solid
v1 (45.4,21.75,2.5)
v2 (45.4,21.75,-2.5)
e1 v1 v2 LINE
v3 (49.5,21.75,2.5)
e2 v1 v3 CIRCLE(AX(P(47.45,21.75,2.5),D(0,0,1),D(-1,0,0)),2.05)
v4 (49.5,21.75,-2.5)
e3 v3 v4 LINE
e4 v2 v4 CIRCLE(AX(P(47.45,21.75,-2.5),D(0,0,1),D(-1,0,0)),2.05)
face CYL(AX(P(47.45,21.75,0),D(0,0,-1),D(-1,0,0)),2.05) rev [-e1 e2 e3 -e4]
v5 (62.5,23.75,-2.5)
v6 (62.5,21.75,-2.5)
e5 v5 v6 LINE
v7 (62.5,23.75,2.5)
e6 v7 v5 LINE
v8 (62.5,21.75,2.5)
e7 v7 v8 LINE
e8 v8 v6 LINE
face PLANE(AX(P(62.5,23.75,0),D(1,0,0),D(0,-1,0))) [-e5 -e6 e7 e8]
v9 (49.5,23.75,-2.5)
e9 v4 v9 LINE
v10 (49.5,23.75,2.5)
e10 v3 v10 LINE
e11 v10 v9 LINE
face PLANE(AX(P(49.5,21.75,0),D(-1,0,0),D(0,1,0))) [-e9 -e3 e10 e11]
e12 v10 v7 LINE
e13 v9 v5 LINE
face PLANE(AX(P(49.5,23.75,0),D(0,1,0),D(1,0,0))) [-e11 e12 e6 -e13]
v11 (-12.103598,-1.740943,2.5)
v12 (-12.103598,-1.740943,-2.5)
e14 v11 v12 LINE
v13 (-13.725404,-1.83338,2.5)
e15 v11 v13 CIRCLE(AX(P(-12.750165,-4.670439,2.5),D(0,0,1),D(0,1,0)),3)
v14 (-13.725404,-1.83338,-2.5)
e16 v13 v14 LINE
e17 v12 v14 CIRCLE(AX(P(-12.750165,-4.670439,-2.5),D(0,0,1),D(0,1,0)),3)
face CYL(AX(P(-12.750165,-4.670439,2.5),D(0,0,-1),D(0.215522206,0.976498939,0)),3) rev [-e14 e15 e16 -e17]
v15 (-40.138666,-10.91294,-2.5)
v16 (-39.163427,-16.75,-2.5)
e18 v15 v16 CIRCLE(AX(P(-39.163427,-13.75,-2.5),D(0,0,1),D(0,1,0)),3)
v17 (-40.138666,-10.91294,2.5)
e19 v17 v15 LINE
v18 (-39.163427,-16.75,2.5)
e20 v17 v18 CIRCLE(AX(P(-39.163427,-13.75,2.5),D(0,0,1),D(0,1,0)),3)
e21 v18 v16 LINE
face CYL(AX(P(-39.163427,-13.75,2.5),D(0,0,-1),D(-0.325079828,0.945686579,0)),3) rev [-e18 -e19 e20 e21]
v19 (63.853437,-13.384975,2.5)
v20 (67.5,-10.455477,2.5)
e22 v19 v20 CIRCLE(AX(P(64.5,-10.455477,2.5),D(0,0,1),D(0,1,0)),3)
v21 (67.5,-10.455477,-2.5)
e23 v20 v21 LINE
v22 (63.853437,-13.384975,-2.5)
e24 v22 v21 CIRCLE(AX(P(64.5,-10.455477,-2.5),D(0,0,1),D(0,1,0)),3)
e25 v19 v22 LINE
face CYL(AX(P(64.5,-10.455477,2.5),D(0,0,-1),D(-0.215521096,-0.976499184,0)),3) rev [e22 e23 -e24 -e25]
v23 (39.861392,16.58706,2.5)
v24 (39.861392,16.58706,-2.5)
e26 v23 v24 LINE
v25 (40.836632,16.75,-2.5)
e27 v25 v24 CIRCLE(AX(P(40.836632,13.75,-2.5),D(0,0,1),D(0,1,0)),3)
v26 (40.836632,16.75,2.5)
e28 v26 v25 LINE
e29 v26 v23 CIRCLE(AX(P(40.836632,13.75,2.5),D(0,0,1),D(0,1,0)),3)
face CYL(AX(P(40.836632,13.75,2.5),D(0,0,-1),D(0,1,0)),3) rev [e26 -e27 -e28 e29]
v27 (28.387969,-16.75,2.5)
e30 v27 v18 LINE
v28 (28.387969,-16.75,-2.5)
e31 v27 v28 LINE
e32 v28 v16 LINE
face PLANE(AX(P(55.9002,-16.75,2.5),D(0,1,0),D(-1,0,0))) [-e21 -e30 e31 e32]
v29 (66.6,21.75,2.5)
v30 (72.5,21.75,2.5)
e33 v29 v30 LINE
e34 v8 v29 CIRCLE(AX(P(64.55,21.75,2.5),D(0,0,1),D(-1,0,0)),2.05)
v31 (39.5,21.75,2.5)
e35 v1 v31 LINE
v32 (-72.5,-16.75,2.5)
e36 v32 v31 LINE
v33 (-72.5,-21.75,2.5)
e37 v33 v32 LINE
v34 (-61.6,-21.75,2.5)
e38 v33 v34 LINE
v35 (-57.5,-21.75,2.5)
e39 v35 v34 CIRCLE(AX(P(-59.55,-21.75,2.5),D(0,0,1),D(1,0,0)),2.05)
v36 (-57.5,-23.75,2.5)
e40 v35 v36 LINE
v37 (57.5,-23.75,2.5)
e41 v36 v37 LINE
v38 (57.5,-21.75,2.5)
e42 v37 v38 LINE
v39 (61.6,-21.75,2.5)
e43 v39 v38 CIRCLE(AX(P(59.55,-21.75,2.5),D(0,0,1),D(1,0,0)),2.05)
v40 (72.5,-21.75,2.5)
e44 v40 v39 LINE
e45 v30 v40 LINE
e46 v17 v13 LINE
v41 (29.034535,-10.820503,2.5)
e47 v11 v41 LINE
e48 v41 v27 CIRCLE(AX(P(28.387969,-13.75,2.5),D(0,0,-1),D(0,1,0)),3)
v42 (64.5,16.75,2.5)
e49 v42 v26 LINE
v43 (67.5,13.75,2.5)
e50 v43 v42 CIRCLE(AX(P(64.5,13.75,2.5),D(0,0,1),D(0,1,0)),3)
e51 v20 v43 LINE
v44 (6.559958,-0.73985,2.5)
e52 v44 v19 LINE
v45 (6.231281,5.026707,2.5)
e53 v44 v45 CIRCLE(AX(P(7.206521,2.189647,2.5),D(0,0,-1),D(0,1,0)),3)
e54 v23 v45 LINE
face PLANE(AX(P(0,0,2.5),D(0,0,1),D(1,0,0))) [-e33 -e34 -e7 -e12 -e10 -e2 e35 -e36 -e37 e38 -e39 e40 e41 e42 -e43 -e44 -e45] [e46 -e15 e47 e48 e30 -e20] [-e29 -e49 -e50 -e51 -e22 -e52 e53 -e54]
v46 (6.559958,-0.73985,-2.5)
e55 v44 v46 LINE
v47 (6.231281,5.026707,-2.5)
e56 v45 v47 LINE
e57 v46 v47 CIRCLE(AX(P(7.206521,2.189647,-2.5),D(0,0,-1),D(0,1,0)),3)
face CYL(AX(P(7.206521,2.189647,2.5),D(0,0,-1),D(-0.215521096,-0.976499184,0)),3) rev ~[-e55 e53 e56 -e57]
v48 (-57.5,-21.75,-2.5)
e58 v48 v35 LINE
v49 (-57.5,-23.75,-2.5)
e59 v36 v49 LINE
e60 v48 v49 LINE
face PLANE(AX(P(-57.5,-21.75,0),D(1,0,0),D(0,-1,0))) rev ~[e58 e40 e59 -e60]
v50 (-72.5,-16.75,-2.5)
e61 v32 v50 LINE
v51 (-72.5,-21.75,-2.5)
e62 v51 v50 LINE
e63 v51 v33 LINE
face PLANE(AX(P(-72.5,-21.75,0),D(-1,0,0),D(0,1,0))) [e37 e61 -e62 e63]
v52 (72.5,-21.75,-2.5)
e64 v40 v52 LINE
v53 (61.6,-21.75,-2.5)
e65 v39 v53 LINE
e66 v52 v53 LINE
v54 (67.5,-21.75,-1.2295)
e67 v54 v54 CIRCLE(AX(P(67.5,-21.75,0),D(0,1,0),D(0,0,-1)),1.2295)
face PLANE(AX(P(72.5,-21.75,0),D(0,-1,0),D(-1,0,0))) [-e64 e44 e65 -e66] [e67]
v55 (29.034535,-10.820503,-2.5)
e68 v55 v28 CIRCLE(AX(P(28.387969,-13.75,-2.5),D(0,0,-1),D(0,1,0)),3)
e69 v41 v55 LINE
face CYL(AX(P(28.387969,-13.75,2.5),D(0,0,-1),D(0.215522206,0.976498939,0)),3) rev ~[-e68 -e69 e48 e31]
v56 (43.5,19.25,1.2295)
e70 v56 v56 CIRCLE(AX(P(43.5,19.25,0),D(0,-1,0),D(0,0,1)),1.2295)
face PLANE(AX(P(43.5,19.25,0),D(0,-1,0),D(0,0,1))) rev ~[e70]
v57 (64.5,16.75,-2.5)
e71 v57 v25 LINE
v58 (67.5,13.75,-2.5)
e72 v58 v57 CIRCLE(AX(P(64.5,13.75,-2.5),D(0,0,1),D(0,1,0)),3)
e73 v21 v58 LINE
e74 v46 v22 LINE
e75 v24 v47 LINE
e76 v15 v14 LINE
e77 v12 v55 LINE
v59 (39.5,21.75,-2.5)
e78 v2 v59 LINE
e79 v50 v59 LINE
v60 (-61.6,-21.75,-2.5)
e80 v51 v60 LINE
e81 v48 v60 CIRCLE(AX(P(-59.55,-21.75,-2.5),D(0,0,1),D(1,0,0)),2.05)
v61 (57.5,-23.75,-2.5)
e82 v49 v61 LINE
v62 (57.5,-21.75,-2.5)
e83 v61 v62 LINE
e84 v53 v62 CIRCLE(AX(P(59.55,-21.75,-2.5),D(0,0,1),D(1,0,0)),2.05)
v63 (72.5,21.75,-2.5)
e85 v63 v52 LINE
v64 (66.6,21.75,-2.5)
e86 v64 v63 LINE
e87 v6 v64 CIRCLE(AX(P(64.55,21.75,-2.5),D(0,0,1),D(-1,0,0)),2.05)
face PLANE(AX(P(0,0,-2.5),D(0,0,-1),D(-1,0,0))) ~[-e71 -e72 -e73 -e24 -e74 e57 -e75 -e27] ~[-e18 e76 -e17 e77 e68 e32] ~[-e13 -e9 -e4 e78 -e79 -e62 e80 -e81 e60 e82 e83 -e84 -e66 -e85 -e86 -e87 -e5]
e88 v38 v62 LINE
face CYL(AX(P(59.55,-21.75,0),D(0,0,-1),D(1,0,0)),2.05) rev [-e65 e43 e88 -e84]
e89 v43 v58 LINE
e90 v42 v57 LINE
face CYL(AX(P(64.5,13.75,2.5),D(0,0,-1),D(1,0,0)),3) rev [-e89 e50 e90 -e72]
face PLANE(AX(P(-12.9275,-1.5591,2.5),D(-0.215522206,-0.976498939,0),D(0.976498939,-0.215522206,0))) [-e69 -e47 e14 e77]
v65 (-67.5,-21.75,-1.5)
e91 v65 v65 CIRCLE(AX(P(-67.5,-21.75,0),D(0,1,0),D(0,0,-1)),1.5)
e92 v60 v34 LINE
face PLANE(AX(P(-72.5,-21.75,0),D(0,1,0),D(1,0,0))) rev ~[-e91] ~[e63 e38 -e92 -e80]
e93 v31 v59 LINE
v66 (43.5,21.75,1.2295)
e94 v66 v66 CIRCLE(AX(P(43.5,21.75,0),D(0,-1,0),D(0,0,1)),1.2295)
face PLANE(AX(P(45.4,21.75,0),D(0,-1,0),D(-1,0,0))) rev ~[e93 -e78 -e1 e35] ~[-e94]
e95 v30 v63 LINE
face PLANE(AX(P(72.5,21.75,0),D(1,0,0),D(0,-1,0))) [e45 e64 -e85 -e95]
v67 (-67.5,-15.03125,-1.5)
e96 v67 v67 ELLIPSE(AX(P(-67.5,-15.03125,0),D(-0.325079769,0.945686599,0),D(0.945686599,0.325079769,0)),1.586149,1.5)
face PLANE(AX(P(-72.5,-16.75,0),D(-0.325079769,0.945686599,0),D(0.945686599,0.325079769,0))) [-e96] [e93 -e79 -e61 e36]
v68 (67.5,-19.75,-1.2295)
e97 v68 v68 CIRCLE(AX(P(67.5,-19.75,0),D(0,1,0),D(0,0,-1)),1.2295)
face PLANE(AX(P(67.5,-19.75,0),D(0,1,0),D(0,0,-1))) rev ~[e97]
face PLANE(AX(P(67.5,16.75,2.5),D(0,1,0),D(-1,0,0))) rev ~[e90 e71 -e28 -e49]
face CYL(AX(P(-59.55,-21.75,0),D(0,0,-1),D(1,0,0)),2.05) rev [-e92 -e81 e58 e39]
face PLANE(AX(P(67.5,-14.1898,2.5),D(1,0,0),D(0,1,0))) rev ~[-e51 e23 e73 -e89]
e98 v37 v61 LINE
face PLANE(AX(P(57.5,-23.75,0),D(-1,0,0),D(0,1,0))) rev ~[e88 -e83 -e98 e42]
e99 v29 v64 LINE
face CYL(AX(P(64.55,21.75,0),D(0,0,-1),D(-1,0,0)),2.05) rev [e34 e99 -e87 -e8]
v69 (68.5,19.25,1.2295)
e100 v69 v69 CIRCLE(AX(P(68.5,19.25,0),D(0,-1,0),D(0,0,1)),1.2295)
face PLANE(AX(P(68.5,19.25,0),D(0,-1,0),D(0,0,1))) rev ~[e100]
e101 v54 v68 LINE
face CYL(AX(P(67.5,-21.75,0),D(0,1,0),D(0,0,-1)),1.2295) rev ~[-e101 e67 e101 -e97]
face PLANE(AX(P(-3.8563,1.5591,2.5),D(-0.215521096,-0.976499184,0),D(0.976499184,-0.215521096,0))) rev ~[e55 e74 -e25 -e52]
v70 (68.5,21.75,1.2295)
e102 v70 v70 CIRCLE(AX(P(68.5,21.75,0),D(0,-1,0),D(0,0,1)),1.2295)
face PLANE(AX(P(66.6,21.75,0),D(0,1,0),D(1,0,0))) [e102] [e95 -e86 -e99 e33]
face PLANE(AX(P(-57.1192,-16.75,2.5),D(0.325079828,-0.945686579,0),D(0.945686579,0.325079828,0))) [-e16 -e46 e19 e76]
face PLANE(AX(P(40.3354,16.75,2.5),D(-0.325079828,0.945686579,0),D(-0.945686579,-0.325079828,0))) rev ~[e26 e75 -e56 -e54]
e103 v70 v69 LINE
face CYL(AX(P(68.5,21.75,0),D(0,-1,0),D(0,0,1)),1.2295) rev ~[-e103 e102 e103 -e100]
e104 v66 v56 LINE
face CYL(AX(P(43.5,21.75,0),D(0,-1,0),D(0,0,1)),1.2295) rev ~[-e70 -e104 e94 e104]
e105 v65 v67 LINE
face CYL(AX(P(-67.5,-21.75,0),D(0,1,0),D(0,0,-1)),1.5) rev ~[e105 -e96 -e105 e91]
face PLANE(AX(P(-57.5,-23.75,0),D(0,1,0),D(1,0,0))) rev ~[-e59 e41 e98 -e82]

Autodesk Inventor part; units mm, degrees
ref_plane "YZ Plane" through (0, 0, 0) normal (1, 0, 0) x (0, 1, 0)
ref_plane "XZ Plane" through (0, 0, 0) normal (0, 1, 0) x (-1, 0, 0)
ref_plane "XY Plane" through (0, 0, 0) normal (0, 0, 1) x (1, 0, 0)
sketch "スケッチ1" plane through (0, 0, 0) normal (0, 0, 1) x (1, 0, 0)
  line L0 (-72.5, -21.75) -> (72.5, -21.75) construction
  line L1 (72.5, -21.75) -> (72.5, 21.75) construction
  line L2 (72.5, 21.75) -> (-72.5, 21.75) construction
  line L3 (-72.5, 21.75) -> (-72.5, -21.75) construction
  line L4 (-72.5, -21.75) -> (72.5, 21.75) construction
  line L5 (72.5, -21.75) -> (-72.5, 21.75) construction
  line L6 (-67.5, 21.75) -> (-67.5, -21.75) construction
  line L7 (0, 0) -> (0, 21.75) construction
  line L8 (0, 0) -> (-72.5, 0) construction
  line L9 (67.5, 21.75) -> (67.5, -21.75) construction
  line L10 (-72.5, -21.75) -> (-61.6, -21.75)
  line L11 (49.5, 21.75) -> (49.5, 23.75)
  line L12 (49.5, 23.75) -> (62.5, 23.75)
  line L13 (62.5, 23.75) -> (62.5, 21.75)
  line L14 (66.6, 21.75) -> (72.5, 21.75)
  line L15 (72.5, 21.75) -> (72.5, -21.75)
  line L16 (72.5, -21.75) -> (61.6, -21.75)
  line L17 (-57.5, -21.75) -> (-57.5, -23.75)
  line L18 (-57.5, -23.75) -> (57.5, -23.75)
  line L19 (57.5, -23.75) -> (57.5, -21.75)
  arc A0 (45.4, 21.75) -> (49.5, 21.75) centre (47.45, 21.75) ccw
  arc A1 (62.5, 21.75) -> (66.6, 21.75) centre (64.55, 21.75) ccw
  arc A2 (-57.5, -21.75) -> (-61.6, -21.75) centre (-59.55, -21.75) ccw
  arc A3 (61.6, -21.75) -> (57.5, -21.75) centre (59.55, -21.75) ccw
  line L20 (-72.5, -21.75) -> (-72.5, -16.75)
  line L21 (-72.5, -16.75) -> (39.5, 21.75)
  line L22 (45.4, 21.75) -> (39.5, 21.75)
  line L23 (66.95, 24.476) -> (70.05, 24.476) construction
  line L24 (70.05, 24.476) -> (70.05, 13.3235) construction
  line L25 (70.05, 13.3235) -> (66.95, 13.3235) construction
  line L26 (66.95, 13.3235) -> (66.95, 24.476) construction
  line L27 (68.5, 24.476) -> (68.5, 13.3235) construction
  line L28 (41.95, 24.476) -> (45.05, 24.476) construction
  line L29 (45.05, 24.476) -> (45.05, 13.9945) construction
  line L30 (45.05, 13.9945) -> (41.95, 13.9945) construction
  line L31 (41.95, 13.9945) -> (41.95, 24.476) construction
  line L32 (43.5, 24.476) -> (43.5, 13.9945) construction
  dimension "d16" = 5
  dimension "d20" = 43.5
  dimension "d40" = 135
  dimension "d41" = 10
  dimension "d42" = 2.05
  dimension "d43" = 2
  dimension "d44" = 5
  dimension "d45" = 10
  dimension "d46" = 10
  dimension "d48" = 3.1
  dimension "d50" = 4
  dimension "d51" = 25
  dimension "d52" = 3.1
  dimension "d62" = 6
  dimension "d63" = 6
extrude "押し出し1" add sketch "スケッチ1" along normal blind 2.5
mirror "ミラー1" about plane through (8.4049, -6.8572, 0) normal (0, 0, -1) of "押し出し1"
sketch "スケッチ2" plane through (-72.5, -21.75, 2.5) normal (0, -1, 0) x (1, 0, 0)
  line L0 (0, -5) -> (0, 0)
  line L1 (15, -5) -> (130, -5) construction
  line L2 (72.5, -5) -> (72.5, 0) construction
  line L3 (15, 0) -> (130, 0) construction
  point P0 (72.5, -2.5)
  point P1 (140, -2.5)
  point P2 (0, -2.5)
hole "穴1" at (67.5, -21.75, 0) direction (0, 1, 0) diameter 2.459 depth 2 thread size "M3x0.5" class "6H" standard "ISO Metric profile"
sketch "スケッチ4" plane through (66.6, 21.75, 2.5) normal (0, 1, 0) x (1, 0, 0)
  line L0 (5.9, 5) -> (5.9, 0) projected
  point P0 (-66.6, 2.5)
  point P1 (1.9, 2.5)
  point P2 (-23.1, 2.5)
  point P3 (5.9, 2.5)
  dimension "d53" = 4
  dimension "d54" = 25
hole "穴2" at (68.5, 21.75, 0) at (43.5, 21.75, 0) direction (0, -1, 0) diameter 2.459 depth 2.5 thread size "M3x0.5" class "6H" standard "ISO Metric profile"
sketch "スケッチ6" plane through (0, 0, 2.5) normal (0, 0, 1) x (1, 0, 0)
  line L0 (61.6, -21.75) -> (72.5, -21.75) projected
  line L1 (72.5, -21.75) -> (72.5, 21.75) projected
  line L2 (72.5, 21.75) -> (66.6, 21.75) projected
  line L3 (39.5, 21.75) -> (-72.5, -16.75) projected
  line L4 (67.5, 16.75) -> (67.5, -16.75) construction
  line L5 (67.5, -16.75) -> (-57.1192, -16.75) construction
  line L6 (-57.1192, -16.75) -> (40.3354, 16.75) construction
  line L7 (40.3354, 16.75) -> (67.5, 16.75) construction
  line L8 (67.5, -16.75) -> (-8.3919, 0) construction
  line L9 (67.5, -14.1898) -> (67.5, 16.75)
  line L10 (67.5, 16.75) -> (40.3354, 16.75)
  line L11 (40.3354, 16.75) -> (-3.8563, 1.5591)
  line L12 (-3.8563, 1.5591) -> (67.5, -14.1898)
  line L13 (55.9002, -16.75) -> (-57.1192, -16.75)
  line L14 (-57.1192, -16.75) -> (-12.9275, -1.5591)
  line L15 (-12.9275, -1.5591) -> (55.9002, -16.75)
  point P0 (0, 0)
  dimension "d72" = 5
  dimension "d73" = 5
  dimension "d74" = 5
  dimension "d75" = 5
  dimension "d76" = 5
extrude "押し出し4" cut sketch "スケッチ6" against normal blind 10
fillet "フィレット3" radius 3 7 edges at (-3.8563, 1.5591, 0) (40.3354, 16.75, 0) (67.5, -14.1898, 0) (55.9002, -16.75, 0) (-12.9275, -1.5591, 0) (-57.1192, -16.75, 0) (67.5, 16.75, 0)
sketch "スケッチ7" plane through (-72.5, -21.75, 2.5) normal (0, -1, 0) x (1, 0, 0)
  line L0 (0, 0) -> (0, -5) projected
  line L1 (15, 0) -> (130, 0) projected
  line L2 (15, -5) -> (130, -5) projected
  line L3 (0, -2.5) -> (5, -2.5)
  point P0 (72.5, -2.5)
  dimension "d80" = 5
hole "穴3" at (-67.5, -21.75, 0) direction (0, 1, 0) diameter 3 end through all
equation "\"d16\" = d4"
equation "\"d40\" = d6"
equation "\"d41\" = d3"
equation "\"d46\" = d45"
equation "\"d63\" = d62"
equation "\"d53\" = d50"
equation "\"d54\" = d51"
equation "\"d73\" = d72"
equation "\"d74\" = d73"
equation "\"d75\" = d74"
equation "\"d76\" = d74"
equation "\"d4\" = 5"
equation "\"d6\" = 135"
equation "\"d3\" = 10"
properties part number "ForeArm_vertical_frame01" material "アセタール樹脂、黒"
